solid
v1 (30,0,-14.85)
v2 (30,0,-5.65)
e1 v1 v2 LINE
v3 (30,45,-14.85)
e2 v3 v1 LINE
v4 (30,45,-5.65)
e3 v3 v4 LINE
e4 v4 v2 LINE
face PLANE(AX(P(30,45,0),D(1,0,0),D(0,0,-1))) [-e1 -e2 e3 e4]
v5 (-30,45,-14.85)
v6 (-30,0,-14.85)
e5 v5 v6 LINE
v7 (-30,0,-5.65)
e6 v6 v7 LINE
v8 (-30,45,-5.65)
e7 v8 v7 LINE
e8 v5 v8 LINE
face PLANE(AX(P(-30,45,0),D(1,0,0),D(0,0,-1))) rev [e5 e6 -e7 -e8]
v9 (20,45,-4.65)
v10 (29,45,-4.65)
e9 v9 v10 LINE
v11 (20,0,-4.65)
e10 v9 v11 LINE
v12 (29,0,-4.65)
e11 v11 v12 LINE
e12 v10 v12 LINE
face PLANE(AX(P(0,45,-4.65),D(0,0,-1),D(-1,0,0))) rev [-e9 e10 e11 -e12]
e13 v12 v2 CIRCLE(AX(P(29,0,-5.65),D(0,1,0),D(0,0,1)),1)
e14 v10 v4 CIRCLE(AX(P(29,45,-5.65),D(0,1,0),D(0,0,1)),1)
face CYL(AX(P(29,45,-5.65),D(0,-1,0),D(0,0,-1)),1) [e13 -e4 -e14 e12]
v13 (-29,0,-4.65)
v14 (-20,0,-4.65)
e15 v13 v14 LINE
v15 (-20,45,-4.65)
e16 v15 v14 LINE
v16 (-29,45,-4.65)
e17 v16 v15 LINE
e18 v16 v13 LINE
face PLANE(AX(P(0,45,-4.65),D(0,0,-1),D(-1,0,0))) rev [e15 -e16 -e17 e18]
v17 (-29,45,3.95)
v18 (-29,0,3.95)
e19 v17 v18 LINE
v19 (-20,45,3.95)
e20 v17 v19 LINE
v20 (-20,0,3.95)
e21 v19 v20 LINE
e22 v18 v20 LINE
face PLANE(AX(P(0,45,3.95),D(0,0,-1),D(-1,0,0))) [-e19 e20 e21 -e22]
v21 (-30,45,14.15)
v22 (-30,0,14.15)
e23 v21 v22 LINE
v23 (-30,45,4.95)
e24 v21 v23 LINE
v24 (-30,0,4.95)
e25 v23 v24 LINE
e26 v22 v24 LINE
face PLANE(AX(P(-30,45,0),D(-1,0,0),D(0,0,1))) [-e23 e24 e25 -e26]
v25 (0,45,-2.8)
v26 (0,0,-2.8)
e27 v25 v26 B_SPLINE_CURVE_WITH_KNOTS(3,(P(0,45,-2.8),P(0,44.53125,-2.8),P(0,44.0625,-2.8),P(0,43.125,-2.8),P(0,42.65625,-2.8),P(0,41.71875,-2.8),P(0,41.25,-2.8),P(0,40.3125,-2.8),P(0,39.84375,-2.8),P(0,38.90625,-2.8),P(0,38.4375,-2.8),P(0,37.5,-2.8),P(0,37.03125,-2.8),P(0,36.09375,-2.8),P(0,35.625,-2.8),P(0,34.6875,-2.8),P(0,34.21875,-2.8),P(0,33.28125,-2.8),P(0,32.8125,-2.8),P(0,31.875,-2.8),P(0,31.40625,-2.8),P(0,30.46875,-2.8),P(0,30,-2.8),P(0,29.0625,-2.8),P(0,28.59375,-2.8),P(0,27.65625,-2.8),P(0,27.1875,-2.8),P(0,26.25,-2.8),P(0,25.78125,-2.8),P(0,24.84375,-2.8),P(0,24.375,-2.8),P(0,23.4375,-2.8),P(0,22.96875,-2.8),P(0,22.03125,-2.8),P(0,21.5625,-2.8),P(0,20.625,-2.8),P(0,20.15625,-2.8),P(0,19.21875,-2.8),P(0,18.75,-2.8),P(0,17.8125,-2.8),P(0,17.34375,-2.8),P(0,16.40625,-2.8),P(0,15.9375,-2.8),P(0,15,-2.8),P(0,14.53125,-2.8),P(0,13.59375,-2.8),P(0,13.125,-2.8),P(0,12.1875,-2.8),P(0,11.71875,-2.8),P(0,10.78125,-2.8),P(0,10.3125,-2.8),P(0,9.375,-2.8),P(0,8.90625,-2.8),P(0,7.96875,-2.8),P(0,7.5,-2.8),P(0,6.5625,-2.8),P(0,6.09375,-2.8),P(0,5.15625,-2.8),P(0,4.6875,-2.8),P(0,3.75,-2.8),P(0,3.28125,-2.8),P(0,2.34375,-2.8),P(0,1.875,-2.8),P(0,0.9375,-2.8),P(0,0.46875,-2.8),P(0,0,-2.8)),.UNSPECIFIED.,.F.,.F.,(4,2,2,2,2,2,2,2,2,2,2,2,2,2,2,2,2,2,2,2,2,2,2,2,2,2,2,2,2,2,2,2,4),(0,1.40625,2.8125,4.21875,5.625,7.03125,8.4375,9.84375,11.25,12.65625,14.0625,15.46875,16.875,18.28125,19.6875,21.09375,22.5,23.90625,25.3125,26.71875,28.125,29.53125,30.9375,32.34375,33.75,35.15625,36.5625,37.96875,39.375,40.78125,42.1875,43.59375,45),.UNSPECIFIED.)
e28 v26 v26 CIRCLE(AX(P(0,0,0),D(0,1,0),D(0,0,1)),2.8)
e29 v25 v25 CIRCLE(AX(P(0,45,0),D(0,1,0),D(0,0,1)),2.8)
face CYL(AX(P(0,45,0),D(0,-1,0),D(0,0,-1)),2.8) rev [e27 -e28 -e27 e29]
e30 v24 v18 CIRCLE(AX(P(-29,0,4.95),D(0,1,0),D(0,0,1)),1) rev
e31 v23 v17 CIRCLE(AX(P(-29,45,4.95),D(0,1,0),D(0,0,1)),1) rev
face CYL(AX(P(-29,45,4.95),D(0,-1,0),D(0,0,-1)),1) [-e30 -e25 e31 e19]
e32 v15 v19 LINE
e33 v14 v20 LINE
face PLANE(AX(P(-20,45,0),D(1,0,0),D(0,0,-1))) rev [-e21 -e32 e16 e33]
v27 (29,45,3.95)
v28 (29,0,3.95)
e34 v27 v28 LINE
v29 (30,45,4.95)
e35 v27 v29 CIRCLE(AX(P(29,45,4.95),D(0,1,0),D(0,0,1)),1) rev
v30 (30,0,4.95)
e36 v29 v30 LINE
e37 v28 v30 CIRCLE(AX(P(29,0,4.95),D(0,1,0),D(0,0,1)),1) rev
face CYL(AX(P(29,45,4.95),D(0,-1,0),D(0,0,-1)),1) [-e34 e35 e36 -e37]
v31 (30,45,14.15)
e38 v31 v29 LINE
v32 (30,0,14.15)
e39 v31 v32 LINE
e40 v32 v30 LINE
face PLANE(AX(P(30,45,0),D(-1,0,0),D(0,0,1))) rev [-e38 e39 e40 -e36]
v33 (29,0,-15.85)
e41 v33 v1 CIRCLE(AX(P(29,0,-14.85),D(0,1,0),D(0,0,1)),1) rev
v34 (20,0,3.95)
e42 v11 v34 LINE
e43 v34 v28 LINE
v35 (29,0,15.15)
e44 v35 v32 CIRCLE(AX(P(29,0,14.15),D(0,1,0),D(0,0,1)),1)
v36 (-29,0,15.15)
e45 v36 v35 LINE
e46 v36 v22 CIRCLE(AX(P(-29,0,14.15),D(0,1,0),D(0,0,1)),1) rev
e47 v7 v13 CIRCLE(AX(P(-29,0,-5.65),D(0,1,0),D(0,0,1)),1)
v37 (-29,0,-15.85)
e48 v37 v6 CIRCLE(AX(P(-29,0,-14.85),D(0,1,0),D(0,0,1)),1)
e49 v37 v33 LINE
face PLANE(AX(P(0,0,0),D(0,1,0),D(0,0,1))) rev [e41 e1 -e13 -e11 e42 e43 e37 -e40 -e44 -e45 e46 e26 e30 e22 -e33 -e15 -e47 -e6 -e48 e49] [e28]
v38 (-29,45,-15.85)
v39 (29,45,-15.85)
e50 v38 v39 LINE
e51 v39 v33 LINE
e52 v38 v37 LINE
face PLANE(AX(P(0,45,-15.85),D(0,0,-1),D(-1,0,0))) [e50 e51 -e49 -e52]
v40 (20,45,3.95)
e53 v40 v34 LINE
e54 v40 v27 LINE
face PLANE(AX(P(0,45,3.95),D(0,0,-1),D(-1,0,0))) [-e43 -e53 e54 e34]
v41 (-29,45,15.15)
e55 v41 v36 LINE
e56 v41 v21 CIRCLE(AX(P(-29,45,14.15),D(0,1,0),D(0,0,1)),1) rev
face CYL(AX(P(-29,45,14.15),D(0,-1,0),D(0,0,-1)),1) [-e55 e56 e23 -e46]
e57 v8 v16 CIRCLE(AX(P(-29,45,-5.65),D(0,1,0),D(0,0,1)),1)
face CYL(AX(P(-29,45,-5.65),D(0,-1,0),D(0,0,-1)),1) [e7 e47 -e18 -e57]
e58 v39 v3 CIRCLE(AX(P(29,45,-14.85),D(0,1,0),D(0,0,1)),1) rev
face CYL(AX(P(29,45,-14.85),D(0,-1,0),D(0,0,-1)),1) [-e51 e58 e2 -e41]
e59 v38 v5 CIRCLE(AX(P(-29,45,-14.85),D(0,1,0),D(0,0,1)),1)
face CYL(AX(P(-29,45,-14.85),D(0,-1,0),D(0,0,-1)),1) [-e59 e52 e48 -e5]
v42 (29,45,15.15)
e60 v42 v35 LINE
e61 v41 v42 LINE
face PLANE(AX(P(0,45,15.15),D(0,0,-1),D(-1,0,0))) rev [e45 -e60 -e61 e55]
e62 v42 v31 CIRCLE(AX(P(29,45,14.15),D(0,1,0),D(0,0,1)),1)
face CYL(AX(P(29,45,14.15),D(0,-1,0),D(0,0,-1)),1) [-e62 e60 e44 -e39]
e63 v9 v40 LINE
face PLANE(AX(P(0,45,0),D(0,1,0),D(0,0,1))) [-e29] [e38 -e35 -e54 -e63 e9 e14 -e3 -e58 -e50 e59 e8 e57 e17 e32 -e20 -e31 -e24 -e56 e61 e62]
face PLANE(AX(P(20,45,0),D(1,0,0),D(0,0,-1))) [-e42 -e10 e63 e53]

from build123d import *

# Parameters (mm, degrees)
SKETCH1_R           = 2.8
BOSS_EXTRUDE1_DEPTH = 45


with BuildPart() as part:
    # Sketch1 → Boss-Extrude1 (new body)
    with BuildSketch(Plane(origin=(0, 0, 0), x_dir=(1, 0, 0), z_dir=(0, 1, 0))):
        with BuildLine():
            Line((20, -3.95), (20, 4.65))
            Line((20, 4.65), (29, 4.65))
            ThreePointArc((29, 4.65), (29.707106781, 4.942893219), (30, 5.65))
            Line((30, 5.65), (30, 14.85))
            ThreePointArc((30, 14.85), (29.707106781, 15.557106781), (29, 15.85))
            Line((29, 15.85), (20, 15.85))
            Line((20, 15.85), (-20, 15.85))
            Line((-20, 15.85), (-29, 15.85))
            ThreePointArc((-29, 15.85), (-29.707106781, 15.557106781), (-30, 14.85))
            Line((-30, 14.85), (-30, 5.65))
            ThreePointArc((-30, 5.65), (-29.707106781, 4.942893219), (-29, 4.65))
            Line((-29, 4.65), (-20, 4.65))
            Line((-20, 4.65), (-20, -3.95))
            Line((-20, -3.95), (-29, -3.95))
            ThreePointArc((-29, -3.95), (-29.707106781, -4.242893219), (-30, -4.95))
            Line((-30, -4.95), (-30, -14.15))
            ThreePointArc((-30, -14.15), (-29.707106781, -14.857106781), (-29, -15.15))
            Line((-29, -15.15), (-20, -15.15))
            Line((-20, -15.15), (20, -15.15))
            Line((20, -15.15), (29, -15.15))
            ThreePointArc((29, -15.15), (29.707106781, -14.857106781), (30, -14.15))
            Line((30, -14.15), (30, -4.95))
            ThreePointArc((30, -4.95), (29.707106781, -4.242893219), (29, -3.95))
            Line((29, -3.95), (20, -3.95))
        make_face()
        with Locations(Location((0, 0, 0), (0, 0, 90))):
            Circle(SKETCH1_R, mode=Mode.SUBTRACT)
    extrude(amount=BOSS_EXTRUDE1_DEPTH)


solid = part.part
